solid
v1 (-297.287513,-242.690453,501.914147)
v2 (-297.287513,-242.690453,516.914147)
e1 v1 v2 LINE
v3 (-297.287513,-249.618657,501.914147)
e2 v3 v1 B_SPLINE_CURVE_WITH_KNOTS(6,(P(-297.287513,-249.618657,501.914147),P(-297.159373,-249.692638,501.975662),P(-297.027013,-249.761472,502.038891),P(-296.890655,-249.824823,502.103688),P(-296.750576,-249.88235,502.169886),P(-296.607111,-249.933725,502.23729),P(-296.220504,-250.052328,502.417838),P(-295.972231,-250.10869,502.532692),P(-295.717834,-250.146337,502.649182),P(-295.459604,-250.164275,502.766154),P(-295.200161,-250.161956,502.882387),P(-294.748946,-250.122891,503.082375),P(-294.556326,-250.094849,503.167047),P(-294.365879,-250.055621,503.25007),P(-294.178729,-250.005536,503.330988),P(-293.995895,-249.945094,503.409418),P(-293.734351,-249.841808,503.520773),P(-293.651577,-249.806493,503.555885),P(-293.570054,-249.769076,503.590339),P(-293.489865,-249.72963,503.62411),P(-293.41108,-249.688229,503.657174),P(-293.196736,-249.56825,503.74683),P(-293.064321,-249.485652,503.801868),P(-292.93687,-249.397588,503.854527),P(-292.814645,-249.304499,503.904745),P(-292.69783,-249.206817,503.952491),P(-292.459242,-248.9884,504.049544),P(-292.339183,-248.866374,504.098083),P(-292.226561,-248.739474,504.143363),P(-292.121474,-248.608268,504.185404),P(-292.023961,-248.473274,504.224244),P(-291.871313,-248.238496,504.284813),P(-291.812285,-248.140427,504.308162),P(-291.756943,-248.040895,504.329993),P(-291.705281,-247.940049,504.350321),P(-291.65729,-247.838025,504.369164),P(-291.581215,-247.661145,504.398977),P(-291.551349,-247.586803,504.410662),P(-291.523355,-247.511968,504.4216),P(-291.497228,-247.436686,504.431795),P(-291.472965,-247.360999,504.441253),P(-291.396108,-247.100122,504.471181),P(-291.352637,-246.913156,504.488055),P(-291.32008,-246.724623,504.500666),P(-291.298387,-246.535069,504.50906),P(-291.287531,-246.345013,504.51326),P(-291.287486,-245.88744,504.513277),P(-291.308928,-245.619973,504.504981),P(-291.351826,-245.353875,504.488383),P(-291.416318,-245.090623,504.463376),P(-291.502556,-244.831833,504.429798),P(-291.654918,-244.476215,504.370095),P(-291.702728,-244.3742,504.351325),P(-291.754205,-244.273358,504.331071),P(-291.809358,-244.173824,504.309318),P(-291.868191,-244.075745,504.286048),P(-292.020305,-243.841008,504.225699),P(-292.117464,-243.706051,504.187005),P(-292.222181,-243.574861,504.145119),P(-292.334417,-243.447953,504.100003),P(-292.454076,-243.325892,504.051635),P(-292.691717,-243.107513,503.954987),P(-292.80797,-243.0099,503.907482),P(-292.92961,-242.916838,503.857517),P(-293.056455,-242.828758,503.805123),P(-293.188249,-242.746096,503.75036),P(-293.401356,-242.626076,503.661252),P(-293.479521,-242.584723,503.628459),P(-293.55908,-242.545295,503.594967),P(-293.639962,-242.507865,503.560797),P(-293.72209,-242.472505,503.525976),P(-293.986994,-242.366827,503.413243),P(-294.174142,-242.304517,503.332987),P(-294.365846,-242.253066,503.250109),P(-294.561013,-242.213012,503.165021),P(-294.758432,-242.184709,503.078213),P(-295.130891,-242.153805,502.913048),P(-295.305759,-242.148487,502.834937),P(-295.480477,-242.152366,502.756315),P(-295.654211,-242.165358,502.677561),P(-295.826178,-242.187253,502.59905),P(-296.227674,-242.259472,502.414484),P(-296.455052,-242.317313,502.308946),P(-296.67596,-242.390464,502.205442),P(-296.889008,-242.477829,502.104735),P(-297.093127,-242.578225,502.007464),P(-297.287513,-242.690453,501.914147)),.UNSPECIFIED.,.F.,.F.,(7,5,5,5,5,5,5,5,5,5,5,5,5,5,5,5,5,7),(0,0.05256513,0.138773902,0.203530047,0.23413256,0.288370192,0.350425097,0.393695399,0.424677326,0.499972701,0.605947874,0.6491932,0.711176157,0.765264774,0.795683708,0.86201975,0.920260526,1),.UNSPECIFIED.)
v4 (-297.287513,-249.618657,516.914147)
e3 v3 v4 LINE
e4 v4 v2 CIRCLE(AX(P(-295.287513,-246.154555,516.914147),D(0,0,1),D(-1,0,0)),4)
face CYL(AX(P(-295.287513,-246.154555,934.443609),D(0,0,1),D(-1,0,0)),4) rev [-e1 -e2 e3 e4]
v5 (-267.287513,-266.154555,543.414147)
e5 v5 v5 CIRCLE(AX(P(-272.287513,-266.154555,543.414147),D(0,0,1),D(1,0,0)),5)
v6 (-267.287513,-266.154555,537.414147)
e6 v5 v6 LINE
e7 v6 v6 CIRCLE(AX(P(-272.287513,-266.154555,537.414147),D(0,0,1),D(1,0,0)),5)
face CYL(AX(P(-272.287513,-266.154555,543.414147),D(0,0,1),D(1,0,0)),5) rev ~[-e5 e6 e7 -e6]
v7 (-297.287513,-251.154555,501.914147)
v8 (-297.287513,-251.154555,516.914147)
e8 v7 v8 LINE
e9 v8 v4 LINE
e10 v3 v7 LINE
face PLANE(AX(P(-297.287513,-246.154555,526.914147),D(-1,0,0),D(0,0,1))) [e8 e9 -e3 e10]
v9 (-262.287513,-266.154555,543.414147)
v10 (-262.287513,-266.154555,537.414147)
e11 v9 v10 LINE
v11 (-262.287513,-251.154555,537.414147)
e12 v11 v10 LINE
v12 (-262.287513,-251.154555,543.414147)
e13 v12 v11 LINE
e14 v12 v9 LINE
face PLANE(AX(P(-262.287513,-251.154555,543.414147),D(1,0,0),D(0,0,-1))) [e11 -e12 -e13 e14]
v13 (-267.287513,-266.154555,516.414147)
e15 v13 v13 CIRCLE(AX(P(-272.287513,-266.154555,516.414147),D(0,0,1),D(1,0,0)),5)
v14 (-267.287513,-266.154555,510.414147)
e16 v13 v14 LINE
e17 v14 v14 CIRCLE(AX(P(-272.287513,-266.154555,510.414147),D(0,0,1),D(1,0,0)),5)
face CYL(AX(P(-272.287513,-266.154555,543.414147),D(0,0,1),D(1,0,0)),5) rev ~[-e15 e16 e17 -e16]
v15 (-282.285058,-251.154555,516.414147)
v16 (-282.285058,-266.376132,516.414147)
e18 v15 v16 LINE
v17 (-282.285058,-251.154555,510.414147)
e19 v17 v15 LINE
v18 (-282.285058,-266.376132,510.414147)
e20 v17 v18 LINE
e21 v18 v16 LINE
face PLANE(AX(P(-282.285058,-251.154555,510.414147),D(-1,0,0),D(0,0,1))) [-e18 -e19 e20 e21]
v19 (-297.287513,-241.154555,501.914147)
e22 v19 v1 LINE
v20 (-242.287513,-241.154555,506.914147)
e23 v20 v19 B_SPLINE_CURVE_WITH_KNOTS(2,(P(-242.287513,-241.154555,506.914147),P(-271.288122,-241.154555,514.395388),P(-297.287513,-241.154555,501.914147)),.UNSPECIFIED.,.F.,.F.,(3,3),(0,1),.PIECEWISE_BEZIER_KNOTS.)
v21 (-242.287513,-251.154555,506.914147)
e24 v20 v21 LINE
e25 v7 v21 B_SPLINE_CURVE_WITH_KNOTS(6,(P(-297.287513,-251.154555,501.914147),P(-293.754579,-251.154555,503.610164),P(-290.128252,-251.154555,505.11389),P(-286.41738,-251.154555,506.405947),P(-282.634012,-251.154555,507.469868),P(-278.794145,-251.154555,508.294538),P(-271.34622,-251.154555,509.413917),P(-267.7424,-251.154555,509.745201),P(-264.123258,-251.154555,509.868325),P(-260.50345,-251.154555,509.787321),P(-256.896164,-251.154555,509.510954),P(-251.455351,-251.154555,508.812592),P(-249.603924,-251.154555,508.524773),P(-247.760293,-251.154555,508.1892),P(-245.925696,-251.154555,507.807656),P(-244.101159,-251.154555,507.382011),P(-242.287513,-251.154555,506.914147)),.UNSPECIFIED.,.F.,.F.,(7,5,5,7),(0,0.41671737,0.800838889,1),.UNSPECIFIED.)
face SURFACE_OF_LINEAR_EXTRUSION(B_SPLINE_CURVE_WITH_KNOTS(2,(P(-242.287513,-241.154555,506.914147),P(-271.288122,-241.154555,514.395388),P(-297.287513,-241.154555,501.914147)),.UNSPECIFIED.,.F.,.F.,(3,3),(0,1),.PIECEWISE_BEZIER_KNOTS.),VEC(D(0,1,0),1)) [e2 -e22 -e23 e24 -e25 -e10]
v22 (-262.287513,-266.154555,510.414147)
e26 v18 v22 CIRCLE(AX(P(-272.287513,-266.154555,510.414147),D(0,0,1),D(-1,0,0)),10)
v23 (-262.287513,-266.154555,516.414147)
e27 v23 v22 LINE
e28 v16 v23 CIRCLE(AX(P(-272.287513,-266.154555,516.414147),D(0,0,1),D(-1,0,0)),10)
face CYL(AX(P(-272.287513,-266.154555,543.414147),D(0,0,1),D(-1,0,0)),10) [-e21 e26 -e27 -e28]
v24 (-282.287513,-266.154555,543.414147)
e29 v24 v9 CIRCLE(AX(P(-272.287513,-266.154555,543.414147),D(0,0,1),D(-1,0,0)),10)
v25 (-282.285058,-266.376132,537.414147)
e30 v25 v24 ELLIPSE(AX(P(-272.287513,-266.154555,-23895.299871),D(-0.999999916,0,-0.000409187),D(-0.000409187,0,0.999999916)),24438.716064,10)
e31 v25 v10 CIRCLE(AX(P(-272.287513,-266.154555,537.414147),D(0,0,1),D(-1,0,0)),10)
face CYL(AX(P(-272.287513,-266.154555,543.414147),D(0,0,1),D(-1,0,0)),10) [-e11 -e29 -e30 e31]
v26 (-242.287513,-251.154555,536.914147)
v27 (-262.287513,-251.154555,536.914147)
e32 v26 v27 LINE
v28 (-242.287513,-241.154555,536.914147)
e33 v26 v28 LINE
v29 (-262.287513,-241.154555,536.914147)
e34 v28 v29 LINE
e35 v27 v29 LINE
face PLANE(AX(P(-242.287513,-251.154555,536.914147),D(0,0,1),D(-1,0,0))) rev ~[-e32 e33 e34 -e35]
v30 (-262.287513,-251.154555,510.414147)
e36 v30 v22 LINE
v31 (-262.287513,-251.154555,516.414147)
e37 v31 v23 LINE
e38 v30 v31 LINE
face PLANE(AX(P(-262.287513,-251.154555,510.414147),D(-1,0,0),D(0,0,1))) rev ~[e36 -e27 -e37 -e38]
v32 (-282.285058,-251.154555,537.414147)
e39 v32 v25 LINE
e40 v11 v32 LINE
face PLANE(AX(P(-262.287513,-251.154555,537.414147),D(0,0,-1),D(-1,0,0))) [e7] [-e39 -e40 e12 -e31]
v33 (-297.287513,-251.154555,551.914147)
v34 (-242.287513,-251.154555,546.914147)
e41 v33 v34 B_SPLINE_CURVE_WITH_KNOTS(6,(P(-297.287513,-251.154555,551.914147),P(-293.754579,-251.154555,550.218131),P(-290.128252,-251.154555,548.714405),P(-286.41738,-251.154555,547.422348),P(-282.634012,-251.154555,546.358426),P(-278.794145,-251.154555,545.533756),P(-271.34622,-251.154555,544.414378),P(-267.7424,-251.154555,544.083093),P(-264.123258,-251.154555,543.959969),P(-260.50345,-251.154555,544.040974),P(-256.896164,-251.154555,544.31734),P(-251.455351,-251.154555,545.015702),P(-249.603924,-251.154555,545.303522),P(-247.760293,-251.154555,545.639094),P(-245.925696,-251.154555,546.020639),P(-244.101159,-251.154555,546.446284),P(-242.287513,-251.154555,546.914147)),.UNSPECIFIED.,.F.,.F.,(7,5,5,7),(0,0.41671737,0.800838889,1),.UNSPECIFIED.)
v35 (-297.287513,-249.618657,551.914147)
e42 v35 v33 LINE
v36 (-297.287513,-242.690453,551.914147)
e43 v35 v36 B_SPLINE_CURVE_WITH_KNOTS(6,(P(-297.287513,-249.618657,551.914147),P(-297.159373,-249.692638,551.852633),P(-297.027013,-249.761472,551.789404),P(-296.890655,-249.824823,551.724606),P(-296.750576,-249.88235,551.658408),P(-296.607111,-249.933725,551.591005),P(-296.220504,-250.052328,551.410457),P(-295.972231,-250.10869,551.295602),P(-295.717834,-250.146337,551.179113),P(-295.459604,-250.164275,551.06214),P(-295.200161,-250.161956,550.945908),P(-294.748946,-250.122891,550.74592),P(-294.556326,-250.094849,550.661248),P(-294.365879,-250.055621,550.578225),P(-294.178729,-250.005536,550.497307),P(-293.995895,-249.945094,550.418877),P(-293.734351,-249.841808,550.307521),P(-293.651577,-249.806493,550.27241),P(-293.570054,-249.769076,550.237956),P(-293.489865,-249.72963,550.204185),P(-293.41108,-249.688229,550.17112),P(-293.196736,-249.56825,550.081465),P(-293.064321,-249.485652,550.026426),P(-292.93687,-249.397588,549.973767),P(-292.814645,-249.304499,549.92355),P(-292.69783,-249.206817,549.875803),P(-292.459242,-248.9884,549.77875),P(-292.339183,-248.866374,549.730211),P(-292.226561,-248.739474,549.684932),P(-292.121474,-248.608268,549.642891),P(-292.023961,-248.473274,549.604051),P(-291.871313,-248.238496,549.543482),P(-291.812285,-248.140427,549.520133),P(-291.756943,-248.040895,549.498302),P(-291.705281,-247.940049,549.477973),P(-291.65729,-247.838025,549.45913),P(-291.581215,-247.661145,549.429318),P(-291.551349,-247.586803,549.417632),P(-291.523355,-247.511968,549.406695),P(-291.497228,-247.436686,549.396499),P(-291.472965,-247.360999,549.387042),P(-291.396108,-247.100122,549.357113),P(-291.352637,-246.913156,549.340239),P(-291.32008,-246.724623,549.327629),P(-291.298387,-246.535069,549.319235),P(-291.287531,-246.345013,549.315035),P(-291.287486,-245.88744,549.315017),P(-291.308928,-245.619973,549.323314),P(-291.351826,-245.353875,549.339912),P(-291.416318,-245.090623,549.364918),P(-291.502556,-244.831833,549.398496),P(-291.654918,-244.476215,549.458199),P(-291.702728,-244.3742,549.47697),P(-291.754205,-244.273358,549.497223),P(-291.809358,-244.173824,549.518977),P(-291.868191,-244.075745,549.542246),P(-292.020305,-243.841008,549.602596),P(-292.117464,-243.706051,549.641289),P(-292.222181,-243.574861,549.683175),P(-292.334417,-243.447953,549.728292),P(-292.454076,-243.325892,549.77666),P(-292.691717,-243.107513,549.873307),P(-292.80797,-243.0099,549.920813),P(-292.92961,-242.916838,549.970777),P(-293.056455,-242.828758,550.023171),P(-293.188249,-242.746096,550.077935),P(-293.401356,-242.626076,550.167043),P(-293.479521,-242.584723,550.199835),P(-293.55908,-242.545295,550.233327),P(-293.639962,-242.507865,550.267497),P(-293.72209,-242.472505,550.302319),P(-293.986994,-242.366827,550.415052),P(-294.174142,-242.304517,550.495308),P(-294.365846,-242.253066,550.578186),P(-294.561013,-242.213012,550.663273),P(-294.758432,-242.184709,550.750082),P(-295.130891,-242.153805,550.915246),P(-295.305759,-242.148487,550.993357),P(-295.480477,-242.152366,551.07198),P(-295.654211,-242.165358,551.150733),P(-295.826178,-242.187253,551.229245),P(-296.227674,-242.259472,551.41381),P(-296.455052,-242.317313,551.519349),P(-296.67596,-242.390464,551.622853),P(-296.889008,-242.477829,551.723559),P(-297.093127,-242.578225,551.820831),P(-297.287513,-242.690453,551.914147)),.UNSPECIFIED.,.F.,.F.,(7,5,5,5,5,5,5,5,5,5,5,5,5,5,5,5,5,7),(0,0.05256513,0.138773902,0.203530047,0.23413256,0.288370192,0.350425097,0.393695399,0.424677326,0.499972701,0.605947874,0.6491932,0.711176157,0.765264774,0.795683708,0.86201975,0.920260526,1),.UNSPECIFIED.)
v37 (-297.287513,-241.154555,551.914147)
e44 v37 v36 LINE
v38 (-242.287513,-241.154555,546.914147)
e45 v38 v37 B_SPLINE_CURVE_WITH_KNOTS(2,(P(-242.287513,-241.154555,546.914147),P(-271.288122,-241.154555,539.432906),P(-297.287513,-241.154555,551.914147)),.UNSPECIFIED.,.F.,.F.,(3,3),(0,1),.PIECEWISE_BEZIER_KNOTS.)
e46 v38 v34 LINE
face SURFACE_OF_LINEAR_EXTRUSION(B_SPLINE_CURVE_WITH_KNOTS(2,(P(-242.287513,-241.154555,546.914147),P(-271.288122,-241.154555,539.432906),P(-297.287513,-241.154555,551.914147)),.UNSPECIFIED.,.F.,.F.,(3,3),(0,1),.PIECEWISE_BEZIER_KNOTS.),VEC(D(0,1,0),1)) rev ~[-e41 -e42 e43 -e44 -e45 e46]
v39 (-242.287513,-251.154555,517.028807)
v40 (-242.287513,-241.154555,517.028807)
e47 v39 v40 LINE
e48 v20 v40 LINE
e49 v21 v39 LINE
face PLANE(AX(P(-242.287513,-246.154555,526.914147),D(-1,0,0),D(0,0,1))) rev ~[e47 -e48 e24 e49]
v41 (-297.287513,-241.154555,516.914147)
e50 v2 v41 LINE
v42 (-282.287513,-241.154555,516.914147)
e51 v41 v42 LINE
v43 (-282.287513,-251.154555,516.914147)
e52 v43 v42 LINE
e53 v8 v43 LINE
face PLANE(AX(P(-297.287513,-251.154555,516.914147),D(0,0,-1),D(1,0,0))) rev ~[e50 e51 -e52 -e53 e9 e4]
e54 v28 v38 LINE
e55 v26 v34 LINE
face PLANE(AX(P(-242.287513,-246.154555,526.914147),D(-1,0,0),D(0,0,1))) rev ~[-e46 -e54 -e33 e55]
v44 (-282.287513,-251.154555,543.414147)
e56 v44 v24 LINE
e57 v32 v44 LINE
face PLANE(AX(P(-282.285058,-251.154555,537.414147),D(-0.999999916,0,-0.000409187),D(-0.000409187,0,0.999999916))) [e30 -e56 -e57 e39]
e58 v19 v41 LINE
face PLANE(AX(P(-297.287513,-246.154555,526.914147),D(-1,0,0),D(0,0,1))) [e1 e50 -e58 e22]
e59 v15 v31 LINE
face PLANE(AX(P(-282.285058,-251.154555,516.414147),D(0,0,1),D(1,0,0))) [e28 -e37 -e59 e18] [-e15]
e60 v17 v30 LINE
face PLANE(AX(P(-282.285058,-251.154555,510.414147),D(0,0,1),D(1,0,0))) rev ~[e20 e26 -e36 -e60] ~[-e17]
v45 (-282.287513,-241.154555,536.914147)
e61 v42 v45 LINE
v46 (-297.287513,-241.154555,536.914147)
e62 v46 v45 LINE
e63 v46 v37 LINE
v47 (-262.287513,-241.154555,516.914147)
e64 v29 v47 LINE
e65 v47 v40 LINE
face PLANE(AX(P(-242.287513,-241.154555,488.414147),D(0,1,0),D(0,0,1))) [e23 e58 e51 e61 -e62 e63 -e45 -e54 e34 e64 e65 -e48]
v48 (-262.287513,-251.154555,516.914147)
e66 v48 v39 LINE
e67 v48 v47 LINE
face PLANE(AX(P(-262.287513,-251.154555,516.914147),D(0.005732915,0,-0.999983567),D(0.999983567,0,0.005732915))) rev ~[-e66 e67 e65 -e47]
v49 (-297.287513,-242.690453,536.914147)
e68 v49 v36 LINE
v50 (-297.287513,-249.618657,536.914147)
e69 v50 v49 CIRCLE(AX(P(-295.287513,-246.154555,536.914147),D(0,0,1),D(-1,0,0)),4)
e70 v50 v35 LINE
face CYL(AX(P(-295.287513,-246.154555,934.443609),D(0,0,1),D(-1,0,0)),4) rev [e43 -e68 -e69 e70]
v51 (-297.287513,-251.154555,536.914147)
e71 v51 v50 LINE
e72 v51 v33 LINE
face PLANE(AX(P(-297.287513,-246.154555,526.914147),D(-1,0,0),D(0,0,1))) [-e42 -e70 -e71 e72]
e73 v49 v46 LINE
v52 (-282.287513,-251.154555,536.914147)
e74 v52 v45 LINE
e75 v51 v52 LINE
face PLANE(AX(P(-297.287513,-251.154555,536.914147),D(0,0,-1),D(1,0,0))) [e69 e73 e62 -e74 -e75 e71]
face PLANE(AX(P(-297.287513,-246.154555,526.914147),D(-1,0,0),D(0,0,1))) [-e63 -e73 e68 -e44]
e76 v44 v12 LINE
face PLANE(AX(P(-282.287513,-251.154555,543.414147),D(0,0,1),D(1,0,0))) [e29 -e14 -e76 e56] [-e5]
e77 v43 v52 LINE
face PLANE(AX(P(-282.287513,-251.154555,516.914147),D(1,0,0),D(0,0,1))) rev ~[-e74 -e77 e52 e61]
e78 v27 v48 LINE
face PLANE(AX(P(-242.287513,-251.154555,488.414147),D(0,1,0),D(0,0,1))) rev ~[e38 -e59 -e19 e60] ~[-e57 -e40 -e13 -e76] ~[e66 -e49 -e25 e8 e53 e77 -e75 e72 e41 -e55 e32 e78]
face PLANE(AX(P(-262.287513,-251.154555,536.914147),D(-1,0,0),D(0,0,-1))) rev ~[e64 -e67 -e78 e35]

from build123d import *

# Parameters (mm, degrees)
SKETCH_1_W               = 77
SKETCH_1_H               = 10
EXTRUDE_1_DEPTH          = 55
CUT_EXTRUDE_1_DEPTH      = 639.884201719
SKETCH_4_W               = 15
SKETCH_4_H               = 20
CUT_EXTRUDE_3_DEPTH      = 10
SKETCH_5_W               = 19.997544879
SKETCH_5_H               = 6
EXTRUDE_2_DEPTH          = 26
SKETCH_8_R               = 5
CUT_EXTRUDE_4_DEPTH      = 409.554479516
CUT_EXTRUDE_5_DEPTH      = 407.529462179
CUT_EXTRUDE_5_DEPTH_BACK = 407.529462179
SKETCH_10_R              = 4


with BuildPart() as part:
    # 草图1 → 凸台-拉伸1 (new body)
    with BuildSketch(Plane.ZY.offset(242.287512766)):
        with Locations((526.914147293, -246.15455511)):
            Rectangle(SKETCH_1_W, SKETCH_1_H)
    extrude(amount=EXTRUDE_1_DEPTH)

    # 草图2 → 切除-拉伸1 (cut, through all)
    with BuildSketch(Plane(origin=(0, -241.15455511, 0), x_dir=(1, 0, 0), z_dir=(0, 1, 0))):
        with BuildLine():
            Line((-242.287512766, -506.914147293), (-242.287512766, -488.414147293))
            Line((-242.287512766, -488.414147293), (-297.287512766, -488.414147293))
            Line((-297.287512766, -488.414147293), (-297.287512766, -501.914147293))
            add(Edge.make_bspline(
                [(-242.287512766, -506.914147293), (-271.288122088, -514.395388486), (-297.287512766, -501.914147293)],
                knots=[0, 0, 0, 1, 1, 1], degree=2))
        make_face()
        with BuildLine():
            Line((-242.287512766, -546.914147293), (-242.287512766, -565.414147293))
            Line((-242.287512766, -565.414147293), (-297.287512766, -565.414147293))
            Line((-297.287512766, -565.414147293), (-297.287512766, -551.914147293))
            add(Edge.make_bspline(
                [(-242.287512766, -546.914147293), (-271.288122088, -539.4329061), (-297.287512766, -551.914147293)],
                knots=[0, 0, 0, 1, 1, 1], degree=2))
        make_face()
    extrude(amount=-CUT_EXTRUDE_1_DEPTH, mode=Mode.SUBTRACT)

    # 草图4 → 切除-拉伸3 (cut)
    with BuildSketch(Plane.XZ.offset(251.15455511)):
        Polygon((-242.287512766, 517.028807482), (-242.287512766, 526.914147293), (-242.287512766, 536.914147293), (-262.287512766, 536.914147293), (-262.287512766, 516.914147293), align=None)
        with Locations((-289.787512766, 526.914147293)):
            Rectangle(SKETCH_4_W, SKETCH_4_H)
    extrude(amount=-CUT_EXTRUDE_3_DEPTH, mode=Mode.SUBTRACT)

    # 草图5 → 凸台-拉伸2 (add)
    with BuildSketch(Plane.XZ.offset(251.15455511)):
        Polygon((-262.287512766, 537.414147293), (-282.285057645, 537.414147293), (-282.287512766, 543.414147293), (-262.287512766, 543.414147293), align=None)
        with Locations((-272.286285206, 513.414147293)):
            Rectangle(SKETCH_5_W, SKETCH_5_H)
    extrude(amount=EXTRUDE_2_DEPTH)

    # 草图8 → 切除-拉伸4 (cut, through all)
    with BuildSketch(Plane.XY.offset(543.414147293)):
        with Locations((-272.287512766, -266.15455511)):
            Circle(SKETCH_8_R)
        with BuildLine():
            Line((-262.287512766, -266.15455511), (-262.287512766, -277.15455511))
            Line((-262.287512766, -277.15455511), (-282.287512766, -277.15455511))
            Line((-282.287512766, -277.15455511), (-282.287512766, -266.15455511))
            ThreePointArc((-282.287512766, -266.15455511), (-272.287512766, -276.15455511), (-262.287512766, -266.15455511))
        make_face()
    extrude(amount=-CUT_EXTRUDE_4_DEPTH, mode=Mode.SUBTRACT)

    # 草图10 → 切除-拉伸5 (cut, two sides: drawn at the far end of the back side and taken through both)
    with BuildSketch(Plane(origin=(0, 0, 526.914147293), x_dir=(-1, 0, 0), z_dir=(0, 0, -1)).offset(-CUT_EXTRUDE_5_DEPTH_BACK)):
        with Locations((295.287512766, -246.15455511)):
            Circle(SKETCH_10_R)
    extrude(amount=CUT_EXTRUDE_5_DEPTH + CUT_EXTRUDE_5_DEPTH_BACK, mode=Mode.SUBTRACT)


solid = part.part
